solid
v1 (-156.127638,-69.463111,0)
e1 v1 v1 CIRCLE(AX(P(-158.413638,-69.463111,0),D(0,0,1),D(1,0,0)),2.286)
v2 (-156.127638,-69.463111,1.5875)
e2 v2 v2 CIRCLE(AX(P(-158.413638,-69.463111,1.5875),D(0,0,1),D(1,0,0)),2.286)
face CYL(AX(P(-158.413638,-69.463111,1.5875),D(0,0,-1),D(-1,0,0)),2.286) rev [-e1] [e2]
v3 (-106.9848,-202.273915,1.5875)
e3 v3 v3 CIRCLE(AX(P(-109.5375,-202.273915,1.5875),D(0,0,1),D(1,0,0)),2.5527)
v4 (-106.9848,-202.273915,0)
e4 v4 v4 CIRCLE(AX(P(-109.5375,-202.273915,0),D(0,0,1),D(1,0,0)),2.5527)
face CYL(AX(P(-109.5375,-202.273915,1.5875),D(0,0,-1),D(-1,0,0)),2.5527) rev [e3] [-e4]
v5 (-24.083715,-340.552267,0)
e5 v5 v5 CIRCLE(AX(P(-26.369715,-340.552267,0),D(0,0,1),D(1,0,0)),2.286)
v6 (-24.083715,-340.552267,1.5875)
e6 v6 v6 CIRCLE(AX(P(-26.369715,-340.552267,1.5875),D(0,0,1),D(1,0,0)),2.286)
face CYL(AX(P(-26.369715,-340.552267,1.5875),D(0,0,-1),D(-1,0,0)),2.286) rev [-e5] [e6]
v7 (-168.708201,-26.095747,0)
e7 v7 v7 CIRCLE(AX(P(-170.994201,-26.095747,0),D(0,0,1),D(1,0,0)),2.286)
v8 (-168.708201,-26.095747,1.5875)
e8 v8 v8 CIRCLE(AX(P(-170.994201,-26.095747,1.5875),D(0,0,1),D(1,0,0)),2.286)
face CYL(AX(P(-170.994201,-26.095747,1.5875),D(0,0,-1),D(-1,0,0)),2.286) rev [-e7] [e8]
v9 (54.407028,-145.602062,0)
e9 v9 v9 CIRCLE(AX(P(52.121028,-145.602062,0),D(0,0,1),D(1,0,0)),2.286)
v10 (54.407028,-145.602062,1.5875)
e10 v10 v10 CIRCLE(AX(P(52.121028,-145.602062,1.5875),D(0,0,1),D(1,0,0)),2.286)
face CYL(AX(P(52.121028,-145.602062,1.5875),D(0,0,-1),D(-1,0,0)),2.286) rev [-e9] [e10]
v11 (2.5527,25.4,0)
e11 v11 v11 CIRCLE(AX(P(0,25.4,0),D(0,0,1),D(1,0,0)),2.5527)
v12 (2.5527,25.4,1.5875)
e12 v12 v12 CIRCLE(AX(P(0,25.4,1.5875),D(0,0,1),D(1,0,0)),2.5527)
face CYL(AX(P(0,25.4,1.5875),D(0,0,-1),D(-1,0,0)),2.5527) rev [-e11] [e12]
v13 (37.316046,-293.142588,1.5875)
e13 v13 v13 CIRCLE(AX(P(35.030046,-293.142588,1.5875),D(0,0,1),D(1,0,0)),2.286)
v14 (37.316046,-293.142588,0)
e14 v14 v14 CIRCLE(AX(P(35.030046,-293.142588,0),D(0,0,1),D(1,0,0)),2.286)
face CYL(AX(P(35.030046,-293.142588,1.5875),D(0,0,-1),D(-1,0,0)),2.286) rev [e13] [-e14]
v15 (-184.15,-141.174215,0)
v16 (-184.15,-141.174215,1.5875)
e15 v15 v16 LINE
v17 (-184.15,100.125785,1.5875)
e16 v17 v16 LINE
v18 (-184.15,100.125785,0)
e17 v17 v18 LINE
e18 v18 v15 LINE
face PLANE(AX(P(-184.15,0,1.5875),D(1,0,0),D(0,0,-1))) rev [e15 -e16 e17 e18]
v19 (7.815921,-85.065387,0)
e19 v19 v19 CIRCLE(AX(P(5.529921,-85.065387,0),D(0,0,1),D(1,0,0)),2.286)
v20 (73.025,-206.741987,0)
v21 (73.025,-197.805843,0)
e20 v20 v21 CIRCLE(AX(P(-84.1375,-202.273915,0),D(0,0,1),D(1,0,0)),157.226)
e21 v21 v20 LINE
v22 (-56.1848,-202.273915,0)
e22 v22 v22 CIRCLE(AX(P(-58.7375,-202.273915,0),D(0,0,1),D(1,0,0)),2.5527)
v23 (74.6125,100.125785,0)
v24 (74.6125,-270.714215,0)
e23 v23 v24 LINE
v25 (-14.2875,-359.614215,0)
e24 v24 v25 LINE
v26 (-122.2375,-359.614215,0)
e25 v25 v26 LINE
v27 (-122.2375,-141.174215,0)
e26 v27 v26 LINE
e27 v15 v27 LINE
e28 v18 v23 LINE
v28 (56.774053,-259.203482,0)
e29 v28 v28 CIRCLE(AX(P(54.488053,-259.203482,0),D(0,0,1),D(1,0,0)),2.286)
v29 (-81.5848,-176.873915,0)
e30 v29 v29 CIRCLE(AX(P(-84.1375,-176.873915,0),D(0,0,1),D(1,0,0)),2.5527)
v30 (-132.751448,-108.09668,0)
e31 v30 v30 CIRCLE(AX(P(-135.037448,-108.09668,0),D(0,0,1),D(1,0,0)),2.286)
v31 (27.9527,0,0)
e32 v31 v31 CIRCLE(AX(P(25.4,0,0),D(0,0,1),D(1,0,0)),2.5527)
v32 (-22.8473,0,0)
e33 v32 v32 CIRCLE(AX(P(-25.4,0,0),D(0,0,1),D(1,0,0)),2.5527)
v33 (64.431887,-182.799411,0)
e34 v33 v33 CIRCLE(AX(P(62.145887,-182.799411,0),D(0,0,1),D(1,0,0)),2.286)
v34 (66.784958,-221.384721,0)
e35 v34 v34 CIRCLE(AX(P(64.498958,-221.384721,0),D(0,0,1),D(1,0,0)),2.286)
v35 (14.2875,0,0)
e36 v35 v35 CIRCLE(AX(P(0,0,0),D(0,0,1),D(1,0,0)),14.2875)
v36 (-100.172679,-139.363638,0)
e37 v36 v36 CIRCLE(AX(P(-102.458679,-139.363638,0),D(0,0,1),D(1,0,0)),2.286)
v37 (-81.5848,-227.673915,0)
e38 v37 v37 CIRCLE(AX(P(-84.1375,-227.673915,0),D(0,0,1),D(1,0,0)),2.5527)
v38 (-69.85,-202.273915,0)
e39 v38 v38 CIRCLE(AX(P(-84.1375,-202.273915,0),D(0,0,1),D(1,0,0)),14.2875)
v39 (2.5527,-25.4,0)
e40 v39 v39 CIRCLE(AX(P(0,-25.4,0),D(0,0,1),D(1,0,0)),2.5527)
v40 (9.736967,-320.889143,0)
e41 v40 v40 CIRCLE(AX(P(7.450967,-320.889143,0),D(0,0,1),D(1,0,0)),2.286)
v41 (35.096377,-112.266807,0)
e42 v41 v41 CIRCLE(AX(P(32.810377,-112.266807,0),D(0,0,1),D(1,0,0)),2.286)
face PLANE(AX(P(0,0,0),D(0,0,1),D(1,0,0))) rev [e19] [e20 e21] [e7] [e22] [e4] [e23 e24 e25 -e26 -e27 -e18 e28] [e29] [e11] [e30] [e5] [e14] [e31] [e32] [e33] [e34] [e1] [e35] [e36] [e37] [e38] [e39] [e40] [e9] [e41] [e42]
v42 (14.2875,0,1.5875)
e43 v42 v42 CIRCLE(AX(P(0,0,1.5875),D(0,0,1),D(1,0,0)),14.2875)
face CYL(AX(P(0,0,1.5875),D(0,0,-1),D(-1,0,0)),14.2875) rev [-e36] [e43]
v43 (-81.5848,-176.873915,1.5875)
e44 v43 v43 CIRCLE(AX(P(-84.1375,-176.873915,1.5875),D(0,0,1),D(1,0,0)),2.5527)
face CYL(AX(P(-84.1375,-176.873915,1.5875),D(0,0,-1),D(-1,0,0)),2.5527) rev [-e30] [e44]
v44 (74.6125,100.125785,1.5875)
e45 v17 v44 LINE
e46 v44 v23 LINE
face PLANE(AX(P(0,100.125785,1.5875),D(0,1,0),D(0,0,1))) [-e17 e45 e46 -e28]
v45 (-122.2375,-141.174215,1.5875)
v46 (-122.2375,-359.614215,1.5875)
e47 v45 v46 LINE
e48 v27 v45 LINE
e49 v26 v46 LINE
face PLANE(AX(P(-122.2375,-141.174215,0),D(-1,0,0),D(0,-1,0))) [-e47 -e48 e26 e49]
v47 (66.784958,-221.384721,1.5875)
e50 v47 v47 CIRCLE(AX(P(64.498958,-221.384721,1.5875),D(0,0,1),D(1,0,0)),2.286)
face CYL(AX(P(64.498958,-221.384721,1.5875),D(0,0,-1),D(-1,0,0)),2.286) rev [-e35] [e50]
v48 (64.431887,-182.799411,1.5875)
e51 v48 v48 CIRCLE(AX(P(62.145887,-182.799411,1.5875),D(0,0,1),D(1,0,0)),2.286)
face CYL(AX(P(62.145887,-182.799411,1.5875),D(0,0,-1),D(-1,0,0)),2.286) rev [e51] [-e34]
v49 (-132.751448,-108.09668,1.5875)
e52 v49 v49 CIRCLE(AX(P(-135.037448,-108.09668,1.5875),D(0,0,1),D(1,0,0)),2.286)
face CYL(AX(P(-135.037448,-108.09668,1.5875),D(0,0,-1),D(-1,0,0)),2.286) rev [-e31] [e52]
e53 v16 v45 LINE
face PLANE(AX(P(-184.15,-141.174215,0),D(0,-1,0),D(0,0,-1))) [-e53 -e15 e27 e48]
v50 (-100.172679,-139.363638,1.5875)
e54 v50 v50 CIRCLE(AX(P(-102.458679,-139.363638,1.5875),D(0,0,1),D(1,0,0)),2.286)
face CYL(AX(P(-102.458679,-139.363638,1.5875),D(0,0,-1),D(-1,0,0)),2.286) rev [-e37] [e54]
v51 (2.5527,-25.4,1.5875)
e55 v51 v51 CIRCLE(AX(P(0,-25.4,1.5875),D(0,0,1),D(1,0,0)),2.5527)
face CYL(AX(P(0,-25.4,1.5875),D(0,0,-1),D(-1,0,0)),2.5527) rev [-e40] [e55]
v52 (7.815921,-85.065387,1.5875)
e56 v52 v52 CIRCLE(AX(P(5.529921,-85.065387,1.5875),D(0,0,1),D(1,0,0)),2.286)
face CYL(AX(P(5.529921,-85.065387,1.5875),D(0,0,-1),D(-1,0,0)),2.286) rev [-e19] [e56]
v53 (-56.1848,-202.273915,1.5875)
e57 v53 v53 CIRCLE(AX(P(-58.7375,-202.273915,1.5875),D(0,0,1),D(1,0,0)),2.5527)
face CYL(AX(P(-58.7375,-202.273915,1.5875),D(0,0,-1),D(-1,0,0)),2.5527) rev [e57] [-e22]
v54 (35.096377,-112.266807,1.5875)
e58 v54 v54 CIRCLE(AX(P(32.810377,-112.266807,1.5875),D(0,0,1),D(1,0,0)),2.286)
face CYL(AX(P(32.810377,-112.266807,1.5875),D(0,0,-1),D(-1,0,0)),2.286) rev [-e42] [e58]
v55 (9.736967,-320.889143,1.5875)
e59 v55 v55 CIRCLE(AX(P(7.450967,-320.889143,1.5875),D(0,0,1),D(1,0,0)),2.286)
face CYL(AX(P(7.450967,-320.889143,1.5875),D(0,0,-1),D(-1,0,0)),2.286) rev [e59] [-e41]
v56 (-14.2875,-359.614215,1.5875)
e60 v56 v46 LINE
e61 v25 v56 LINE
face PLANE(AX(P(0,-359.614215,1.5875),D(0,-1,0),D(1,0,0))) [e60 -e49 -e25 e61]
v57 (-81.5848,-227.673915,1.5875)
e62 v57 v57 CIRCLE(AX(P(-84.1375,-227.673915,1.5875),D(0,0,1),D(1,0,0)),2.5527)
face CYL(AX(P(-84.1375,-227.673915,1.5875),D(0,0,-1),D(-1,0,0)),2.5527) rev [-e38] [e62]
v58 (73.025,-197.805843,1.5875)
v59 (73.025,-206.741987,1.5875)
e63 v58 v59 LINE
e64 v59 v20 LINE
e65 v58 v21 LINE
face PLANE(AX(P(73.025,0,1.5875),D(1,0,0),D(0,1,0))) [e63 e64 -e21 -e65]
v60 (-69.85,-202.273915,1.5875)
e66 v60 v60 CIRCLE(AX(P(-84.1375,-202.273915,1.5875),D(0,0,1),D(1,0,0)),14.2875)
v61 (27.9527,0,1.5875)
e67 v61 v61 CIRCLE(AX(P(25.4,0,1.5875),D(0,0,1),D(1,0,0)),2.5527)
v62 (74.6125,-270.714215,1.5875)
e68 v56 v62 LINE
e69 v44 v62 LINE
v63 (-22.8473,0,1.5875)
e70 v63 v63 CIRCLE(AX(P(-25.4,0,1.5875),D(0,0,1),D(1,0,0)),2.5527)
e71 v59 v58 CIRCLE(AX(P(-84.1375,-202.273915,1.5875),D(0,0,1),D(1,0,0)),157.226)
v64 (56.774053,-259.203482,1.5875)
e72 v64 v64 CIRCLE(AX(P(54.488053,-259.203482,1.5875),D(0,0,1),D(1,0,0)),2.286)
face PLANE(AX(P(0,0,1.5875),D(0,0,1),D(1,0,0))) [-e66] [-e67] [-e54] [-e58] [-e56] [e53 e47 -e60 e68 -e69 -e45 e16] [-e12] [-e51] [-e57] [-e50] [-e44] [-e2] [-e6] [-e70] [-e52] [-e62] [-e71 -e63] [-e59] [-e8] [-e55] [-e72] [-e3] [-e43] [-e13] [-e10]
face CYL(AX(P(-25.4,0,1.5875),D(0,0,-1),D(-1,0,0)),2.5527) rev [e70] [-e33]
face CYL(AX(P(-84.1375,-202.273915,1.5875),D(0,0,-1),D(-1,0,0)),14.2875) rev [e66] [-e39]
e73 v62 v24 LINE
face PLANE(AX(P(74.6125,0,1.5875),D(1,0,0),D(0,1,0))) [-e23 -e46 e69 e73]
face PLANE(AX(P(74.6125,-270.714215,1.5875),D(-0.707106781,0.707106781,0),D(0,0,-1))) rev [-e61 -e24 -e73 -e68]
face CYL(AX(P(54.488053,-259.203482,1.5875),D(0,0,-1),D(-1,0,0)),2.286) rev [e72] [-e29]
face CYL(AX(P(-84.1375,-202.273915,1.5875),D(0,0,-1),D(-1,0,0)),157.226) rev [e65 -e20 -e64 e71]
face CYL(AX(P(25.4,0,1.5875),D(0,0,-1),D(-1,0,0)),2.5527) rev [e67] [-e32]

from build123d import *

# Parameters (mm, degrees)
SKETCH1_R           = 2.5527
SKETCH1_R_2         = 14.2875
SKETCH1_R_3         = 2.286
BOSS_EXTRUDE1_DEPTH = 1.5875
SKETCH2_W           = 61.9125
SKETCH2_H           = 218.44
CUT_EXTRUDE1_DEPTH  = 2.5875
CHAMFER1_SIZE       = 88.9


with BuildPart() as part:
    # Sketch1 → Boss-Extrude1 (new body)
    with BuildSketch(Plane.XY):
        with BuildLine():
            Line((-182.5625, -359.614215072), (74.6125, -359.614215072))
            Line((74.6125, -359.614215072), (74.6125, 100.125784928))
            Line((74.6125, 100.125784928), (-184.15, 100.125784928))
            Line((-184.15, 100.125784928), (-184.15, -323.589680411))
            ThreePointArc((-184.15, -323.589680411), (-183.358351266, -324.237998925), (-182.5625, -324.881151609))
            Line((-182.5625, -324.881151609), (-182.5625, -359.614215072))
        make_face()
        with Locations((-84.1375, -227.673915072)):
            Circle(SKETCH1_R, mode=Mode.SUBTRACT)
        with Locations((-109.5375, -202.273915072)):
            Circle(SKETCH1_R, mode=Mode.SUBTRACT)
        with Locations((-84.1375, -202.273915072)):
            Circle(SKETCH1_R_2, mode=Mode.SUBTRACT)
        with Locations((-84.1375, -176.873915072)):
            Circle(SKETCH1_R, mode=Mode.SUBTRACT)
        with Locations((-58.7375, -202.273915072)):
            Circle(SKETCH1_R, mode=Mode.SUBTRACT)
        with Locations((-26.369714503, -340.552266808)):
            Circle(SKETCH1_R_3, mode=Mode.SUBTRACT)
        with Locations((7.450966894, -320.88914315)):
            Circle(SKETCH1_R_3, mode=Mode.SUBTRACT)
        with Locations((35.030045629, -293.14258772)):
            Circle(SKETCH1_R_3, mode=Mode.SUBTRACT)
        with Locations((54.488053063, -259.203482417)):
            Circle(SKETCH1_R_3, mode=Mode.SUBTRACT)
        with Locations((64.498958145, -221.384721179)):
            Circle(SKETCH1_R_3, mode=Mode.SUBTRACT)
        with BuildLine():
            Line((73.025, -206.741987336), (73.025, -202.273915072))
            Line((73.025, -202.273915072), (73.025, -197.805842809))
            ThreePointArc((73.025, -197.805842809), (73.0885, -202.273915072), (73.025, -206.741987336))
        make_face(mode=Mode.SUBTRACT)
        with Locations((62.145886508, -182.799411028)):
            Circle(SKETCH1_R_3, mode=Mode.SUBTRACT)
        with Locations((-158.413638358, -69.463111493)):
            Circle(SKETCH1_R_3, mode=Mode.SUBTRACT)
        with Locations((-135.03744834, -108.096679976)):
            Circle(SKETCH1_R_3, mode=Mode.SUBTRACT)
        with Locations((-102.458679377, -139.363638358)):
            Circle(SKETCH1_R_3, mode=Mode.SUBTRACT)
        with Locations((-170.994200713, -26.095746755)):
            Circle(SKETCH1_R_3, mode=Mode.SUBTRACT)
        with Locations((5.529920705, -85.065386628)):
            Circle(SKETCH1_R_3, mode=Mode.SUBTRACT)
        with Locations((32.810376845, -112.26680659)):
            Circle(SKETCH1_R_3, mode=Mode.SUBTRACT)
        with Locations((52.121028445, -145.602062252)):
            Circle(SKETCH1_R_3, mode=Mode.SUBTRACT)
        with Locations((0, -25.4)):
            Circle(SKETCH1_R, mode=Mode.SUBTRACT)
        with Locations((-25.4, 0)):
            Circle(SKETCH1_R, mode=Mode.SUBTRACT)
        Circle(SKETCH1_R_2, mode=Mode.SUBTRACT)
        with Locations((0, 25.4)):
            Circle(SKETCH1_R, mode=Mode.SUBTRACT)
        with Locations((25.4, 0)):
            Circle(SKETCH1_R, mode=Mode.SUBTRACT)
    extrude(amount=BOSS_EXTRUDE1_DEPTH)

    # Sketch2 → Cut-Extrude1 (cut, through all)
    with BuildSketch(Plane.XY.offset(1.5875)):
        with Locations((-153.19375, -250.394215072)):
            Rectangle(SKETCH2_W, SKETCH2_H)
    extrude(amount=-CUT_EXTRUDE1_DEPTH, mode=Mode.SUBTRACT)

    # Chamfer1
    chamfer1_edges = [part.edges().sort_by_distance(p)[0] for p in [
        (74.6125, -359.614215072, 0.79375),
    ]]
    chamfer(chamfer1_edges, length=CHAMFER1_SIZE)


solid = part.part
